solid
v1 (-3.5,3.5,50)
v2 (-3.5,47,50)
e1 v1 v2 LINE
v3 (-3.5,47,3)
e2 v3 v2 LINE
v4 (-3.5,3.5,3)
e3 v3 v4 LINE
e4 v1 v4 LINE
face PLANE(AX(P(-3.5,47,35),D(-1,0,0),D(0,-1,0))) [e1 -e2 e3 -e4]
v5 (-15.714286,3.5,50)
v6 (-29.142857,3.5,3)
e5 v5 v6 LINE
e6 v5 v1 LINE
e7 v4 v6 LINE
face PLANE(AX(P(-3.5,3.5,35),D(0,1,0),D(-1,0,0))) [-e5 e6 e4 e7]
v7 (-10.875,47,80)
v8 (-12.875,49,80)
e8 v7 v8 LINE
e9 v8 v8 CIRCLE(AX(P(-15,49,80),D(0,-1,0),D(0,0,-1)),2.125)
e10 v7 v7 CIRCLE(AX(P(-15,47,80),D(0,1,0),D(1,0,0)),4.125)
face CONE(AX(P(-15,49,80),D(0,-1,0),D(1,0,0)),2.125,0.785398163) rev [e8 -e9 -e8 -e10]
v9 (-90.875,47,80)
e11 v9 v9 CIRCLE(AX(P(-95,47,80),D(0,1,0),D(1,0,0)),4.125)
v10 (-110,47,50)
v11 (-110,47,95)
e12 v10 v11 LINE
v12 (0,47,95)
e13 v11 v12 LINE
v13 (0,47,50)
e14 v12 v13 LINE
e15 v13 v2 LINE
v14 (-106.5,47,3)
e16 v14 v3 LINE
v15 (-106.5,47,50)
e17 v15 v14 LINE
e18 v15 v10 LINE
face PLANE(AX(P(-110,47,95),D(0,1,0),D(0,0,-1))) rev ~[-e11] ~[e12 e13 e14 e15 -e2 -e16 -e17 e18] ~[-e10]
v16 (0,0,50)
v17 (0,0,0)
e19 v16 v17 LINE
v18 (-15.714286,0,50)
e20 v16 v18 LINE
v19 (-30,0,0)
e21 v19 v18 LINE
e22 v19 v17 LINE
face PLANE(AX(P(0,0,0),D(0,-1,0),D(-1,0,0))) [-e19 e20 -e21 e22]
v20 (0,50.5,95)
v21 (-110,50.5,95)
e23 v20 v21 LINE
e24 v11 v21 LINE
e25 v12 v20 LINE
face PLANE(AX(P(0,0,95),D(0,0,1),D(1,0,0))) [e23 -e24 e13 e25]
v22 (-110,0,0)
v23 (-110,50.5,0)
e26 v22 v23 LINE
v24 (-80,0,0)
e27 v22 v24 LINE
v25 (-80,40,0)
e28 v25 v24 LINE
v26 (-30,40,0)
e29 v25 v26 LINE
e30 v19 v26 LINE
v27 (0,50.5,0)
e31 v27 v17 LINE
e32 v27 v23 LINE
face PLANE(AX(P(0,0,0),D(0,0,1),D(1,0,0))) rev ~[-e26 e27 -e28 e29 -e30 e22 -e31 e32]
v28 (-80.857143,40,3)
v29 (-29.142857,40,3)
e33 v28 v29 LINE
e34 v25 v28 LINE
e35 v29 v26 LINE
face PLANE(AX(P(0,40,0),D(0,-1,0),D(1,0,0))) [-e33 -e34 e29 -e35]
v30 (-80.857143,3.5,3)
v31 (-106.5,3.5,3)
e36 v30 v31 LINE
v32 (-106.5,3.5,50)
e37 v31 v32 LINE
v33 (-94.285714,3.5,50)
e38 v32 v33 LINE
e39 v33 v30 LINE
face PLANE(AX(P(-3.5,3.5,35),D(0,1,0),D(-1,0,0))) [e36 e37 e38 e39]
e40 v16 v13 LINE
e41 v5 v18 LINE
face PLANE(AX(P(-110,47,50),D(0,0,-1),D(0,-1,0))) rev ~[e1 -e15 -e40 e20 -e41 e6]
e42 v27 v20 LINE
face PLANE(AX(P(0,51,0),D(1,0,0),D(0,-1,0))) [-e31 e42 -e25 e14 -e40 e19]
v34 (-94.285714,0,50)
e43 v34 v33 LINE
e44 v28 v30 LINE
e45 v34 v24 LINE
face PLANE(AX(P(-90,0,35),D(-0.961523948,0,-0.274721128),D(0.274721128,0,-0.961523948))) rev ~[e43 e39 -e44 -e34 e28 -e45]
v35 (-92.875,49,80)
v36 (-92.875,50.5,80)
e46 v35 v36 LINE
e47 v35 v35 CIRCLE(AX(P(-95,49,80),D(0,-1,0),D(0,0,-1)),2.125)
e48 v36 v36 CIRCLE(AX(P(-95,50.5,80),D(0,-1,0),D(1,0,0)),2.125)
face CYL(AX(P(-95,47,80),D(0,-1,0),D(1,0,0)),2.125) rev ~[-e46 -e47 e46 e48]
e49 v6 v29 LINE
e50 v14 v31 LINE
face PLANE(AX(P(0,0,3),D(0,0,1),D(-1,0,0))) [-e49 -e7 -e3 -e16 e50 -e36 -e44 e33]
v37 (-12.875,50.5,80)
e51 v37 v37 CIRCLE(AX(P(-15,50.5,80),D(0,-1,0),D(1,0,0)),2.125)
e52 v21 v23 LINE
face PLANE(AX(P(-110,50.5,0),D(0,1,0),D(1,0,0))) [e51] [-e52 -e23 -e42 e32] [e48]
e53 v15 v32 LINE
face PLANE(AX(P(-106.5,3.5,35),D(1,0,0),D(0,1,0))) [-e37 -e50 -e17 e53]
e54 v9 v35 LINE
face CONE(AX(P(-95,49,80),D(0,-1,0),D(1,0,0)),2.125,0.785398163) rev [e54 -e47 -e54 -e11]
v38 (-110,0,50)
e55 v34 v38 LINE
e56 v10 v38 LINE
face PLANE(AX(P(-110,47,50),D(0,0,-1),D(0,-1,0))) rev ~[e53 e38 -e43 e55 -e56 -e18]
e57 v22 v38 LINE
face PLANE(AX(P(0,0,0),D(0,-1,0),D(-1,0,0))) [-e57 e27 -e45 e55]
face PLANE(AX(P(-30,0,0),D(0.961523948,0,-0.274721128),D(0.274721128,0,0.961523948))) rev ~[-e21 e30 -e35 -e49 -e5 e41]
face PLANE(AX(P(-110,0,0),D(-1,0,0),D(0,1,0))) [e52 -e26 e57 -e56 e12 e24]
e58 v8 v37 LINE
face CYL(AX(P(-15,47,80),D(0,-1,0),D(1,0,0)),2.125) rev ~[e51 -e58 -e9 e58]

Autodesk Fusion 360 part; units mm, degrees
sketch "Sketch1" plane through (0, 0, 0) normal (0, 0, 1) x (1, 0, 0) in component "BrickHolder"
  line L0 (0, 0) -> (-110, 0)
  line L1 (-110, 0) -> (-110, 51)
  line L2 (-110, 51) -> (0, 51)
  line L3 (0, 51) -> (0, 0)
  dimension "d1" = 110
  dimension "d2" = 51
extrude "Extrude1" add sketch "Sketch1" along normal blind 95 in component "BrickHolder"
sketch "Sketch2" plane through (-110, 0, 0) normal (-1, 0, 0) x (0, -1, 0) in component "BrickHolder"
  line L0 (-51, 0) -> (0, 0)
  line L1 (0, 0) -> (0, 95)
  line L2 (0, 95) -> (-51, 95)
  line L3 (-51, 95) -> (-51, 0)
  line L4 (0, 95) -> (-47, 95)
  line L5 (-47, 95) -> (-47, 35)
  line L6 (-47, 35) -> (0, 35)
  line L7 (0, 35) -> (0, 95)
  dimension "d5" = 47
  dimension "d6" = 60
extrude "Extrude2" cut sketch "Sketch2" against normal blind 140 contours L1 L2 L4 L5 L6 L7 in component "BrickHolder"
sketch "Sketch3" plane through (0, 0, 35) normal (0, 0, 1) x (-1, 0, 0) in component "BrickHolder"
  line L0 (0, 0) -> (0, -47)
  line L1 (0, -47) -> (110, -47)
  line L2 (110, -47) -> (110, 0)
  line L3 (110, 0) -> (0, 0)
  line L4 (0, -47) -> (3.5, -47) construction
  line L5 (110, -47) -> (106.5, -47) construction
  line L6 (0, 0) -> (3.5, 0) construction
  line L7 (3.5, 0) -> (3.5, -3.5) construction
  line L8 (3.5, -3.5) -> (0, -3.5) construction
  line L9 (0, -3.5) -> (0, 0) construction
  line L10 (110, 0) -> (106.5, 0) construction
  line L11 (106.5, 0) -> (106.5, -3.5) construction
  line L12 (106.5, -3.5) -> (110, -3.5) construction
  line L13 (110, -3.5) -> (110, 0) construction
  line L14 (106.5, -47) -> (3.5, -47)
  line L15 (3.5, -47) -> (3.5, -3.5)
  line L16 (3.5, -3.5) -> (106.5, -3.5)
  line L17 (106.5, -3.5) -> (106.5, -47)
  dimension "d9" = 3.5
  dimension "d10" = 3.5
  dimension "d11" = 3.5
  dimension "d12" = 3.5
  dimension "d13" = 3.5
  dimension "d14" = 3.5
extrude "Extrude3" cut sketch "Sketch3" against normal blind 32 contours L1 L14 L15 L16 L17 in component "BrickHolder"
sketch "Sketch4" plane through (0, 0, 0) normal (0, -1, 0) x (1, 0, 0) in component "BrickHolder"
  line L0 (0, 35) -> (-110, 35)
  line L1 (-110, 35) -> (-110, 0)
  line L2 (-110, 0) -> (0, 0)
  line L3 (0, 0) -> (0, 35)
  line L4 (0, 0) -> (-30, 0) construction
  line L5 (-110, 35) -> (-90, 35) construction
  line L6 (0, 35) -> (-20, 35) construction
  line L7 (-110, 0) -> (-80, 0) construction
  line L8 (-90, 35) -> (-80, 0)
  line L9 (-30, 0) -> (-20, 35)
  line L10 (-20, 35) -> (-90, 35)
  line L11 (-80, 0) -> (-30, 0)
  dimension "d17" = 30
  dimension "d18" = 20
  dimension "d19" = 20
  dimension "d20" = 30
extrude "Extrude4" cut sketch "Sketch4" against normal blind 40 contours L0 L2 L8 L9 L10 L11 in component "BrickHolder"
sketch "Sketch5" plane through (0, 47, 0) normal (0, -1, 0) x (1, 0, 0) in component "BrickHolder"
  line L0 (0, 35) -> (0, 95)
  line L1 (0, 95) -> (-110, 95)
  line L2 (-110, 95) -> (-110, 35)
  line L3 (-110, 35) -> (-106.5, 35)
  line L4 (-106.5, 35) -> (-106.5, 3)
  line L5 (-106.5, 3) -> (-3.5, 3)
  line L6 (-3.5, 3) -> (-3.5, 35)
  line L7 (-3.5, 35) -> (0, 35)
  line L8 (-110, 95) -> (-95, 95) construction
  line L9 (-95, 95) -> (-95, 80) construction
  line L10 (-95, 80) -> (-110, 80) construction
  line L11 (-110, 80) -> (-110, 95) construction
  line L12 (0, 95) -> (-15, 95) construction
  line L13 (-15, 95) -> (-15, 80) construction
  line L14 (-15, 80) -> (0, 80) construction
  line L15 (0, 80) -> (0, 95) construction
  circle A0 centre (-95, 80) radius 2.125
  circle A1 centre (-15, 80) radius 2.125
  dimension "d23" = 15
  dimension "d24" = 15
  dimension "d25" = 15
  dimension "d26" = 15
  dimension "d27" = 4.25
  dimension "d28" = 4.25
extrude "Extrude5" cut sketch "Sketch5" against normal blind 45 contours A0 | A1 in component "BrickHolder"
chamfer "Chamfer1" distance 2 angle 45 2 edges at (-96.9812, 47, 80.7684) (-16.9812, 47, 80.7684) in component "BrickHolder"
move_face "OffsetFaces1" offset 15 1 faces at (-1.1667, 16.8333, 35) in component "BrickHolder"
move_face "OffsetFaces2" offset 15 1 faces at (-108.8333, 16.8333, 35) in component "BrickHolder"
move_face "OffsetFaces3" offset -0.5 1 faces at (-67.8917, 51, 26.1129) in component "BrickHolder"
component "BrickHolder" placed x (1, 0, 0) y (0, 1, 0) z (0, 0, 1) at (0, 0, 0)
